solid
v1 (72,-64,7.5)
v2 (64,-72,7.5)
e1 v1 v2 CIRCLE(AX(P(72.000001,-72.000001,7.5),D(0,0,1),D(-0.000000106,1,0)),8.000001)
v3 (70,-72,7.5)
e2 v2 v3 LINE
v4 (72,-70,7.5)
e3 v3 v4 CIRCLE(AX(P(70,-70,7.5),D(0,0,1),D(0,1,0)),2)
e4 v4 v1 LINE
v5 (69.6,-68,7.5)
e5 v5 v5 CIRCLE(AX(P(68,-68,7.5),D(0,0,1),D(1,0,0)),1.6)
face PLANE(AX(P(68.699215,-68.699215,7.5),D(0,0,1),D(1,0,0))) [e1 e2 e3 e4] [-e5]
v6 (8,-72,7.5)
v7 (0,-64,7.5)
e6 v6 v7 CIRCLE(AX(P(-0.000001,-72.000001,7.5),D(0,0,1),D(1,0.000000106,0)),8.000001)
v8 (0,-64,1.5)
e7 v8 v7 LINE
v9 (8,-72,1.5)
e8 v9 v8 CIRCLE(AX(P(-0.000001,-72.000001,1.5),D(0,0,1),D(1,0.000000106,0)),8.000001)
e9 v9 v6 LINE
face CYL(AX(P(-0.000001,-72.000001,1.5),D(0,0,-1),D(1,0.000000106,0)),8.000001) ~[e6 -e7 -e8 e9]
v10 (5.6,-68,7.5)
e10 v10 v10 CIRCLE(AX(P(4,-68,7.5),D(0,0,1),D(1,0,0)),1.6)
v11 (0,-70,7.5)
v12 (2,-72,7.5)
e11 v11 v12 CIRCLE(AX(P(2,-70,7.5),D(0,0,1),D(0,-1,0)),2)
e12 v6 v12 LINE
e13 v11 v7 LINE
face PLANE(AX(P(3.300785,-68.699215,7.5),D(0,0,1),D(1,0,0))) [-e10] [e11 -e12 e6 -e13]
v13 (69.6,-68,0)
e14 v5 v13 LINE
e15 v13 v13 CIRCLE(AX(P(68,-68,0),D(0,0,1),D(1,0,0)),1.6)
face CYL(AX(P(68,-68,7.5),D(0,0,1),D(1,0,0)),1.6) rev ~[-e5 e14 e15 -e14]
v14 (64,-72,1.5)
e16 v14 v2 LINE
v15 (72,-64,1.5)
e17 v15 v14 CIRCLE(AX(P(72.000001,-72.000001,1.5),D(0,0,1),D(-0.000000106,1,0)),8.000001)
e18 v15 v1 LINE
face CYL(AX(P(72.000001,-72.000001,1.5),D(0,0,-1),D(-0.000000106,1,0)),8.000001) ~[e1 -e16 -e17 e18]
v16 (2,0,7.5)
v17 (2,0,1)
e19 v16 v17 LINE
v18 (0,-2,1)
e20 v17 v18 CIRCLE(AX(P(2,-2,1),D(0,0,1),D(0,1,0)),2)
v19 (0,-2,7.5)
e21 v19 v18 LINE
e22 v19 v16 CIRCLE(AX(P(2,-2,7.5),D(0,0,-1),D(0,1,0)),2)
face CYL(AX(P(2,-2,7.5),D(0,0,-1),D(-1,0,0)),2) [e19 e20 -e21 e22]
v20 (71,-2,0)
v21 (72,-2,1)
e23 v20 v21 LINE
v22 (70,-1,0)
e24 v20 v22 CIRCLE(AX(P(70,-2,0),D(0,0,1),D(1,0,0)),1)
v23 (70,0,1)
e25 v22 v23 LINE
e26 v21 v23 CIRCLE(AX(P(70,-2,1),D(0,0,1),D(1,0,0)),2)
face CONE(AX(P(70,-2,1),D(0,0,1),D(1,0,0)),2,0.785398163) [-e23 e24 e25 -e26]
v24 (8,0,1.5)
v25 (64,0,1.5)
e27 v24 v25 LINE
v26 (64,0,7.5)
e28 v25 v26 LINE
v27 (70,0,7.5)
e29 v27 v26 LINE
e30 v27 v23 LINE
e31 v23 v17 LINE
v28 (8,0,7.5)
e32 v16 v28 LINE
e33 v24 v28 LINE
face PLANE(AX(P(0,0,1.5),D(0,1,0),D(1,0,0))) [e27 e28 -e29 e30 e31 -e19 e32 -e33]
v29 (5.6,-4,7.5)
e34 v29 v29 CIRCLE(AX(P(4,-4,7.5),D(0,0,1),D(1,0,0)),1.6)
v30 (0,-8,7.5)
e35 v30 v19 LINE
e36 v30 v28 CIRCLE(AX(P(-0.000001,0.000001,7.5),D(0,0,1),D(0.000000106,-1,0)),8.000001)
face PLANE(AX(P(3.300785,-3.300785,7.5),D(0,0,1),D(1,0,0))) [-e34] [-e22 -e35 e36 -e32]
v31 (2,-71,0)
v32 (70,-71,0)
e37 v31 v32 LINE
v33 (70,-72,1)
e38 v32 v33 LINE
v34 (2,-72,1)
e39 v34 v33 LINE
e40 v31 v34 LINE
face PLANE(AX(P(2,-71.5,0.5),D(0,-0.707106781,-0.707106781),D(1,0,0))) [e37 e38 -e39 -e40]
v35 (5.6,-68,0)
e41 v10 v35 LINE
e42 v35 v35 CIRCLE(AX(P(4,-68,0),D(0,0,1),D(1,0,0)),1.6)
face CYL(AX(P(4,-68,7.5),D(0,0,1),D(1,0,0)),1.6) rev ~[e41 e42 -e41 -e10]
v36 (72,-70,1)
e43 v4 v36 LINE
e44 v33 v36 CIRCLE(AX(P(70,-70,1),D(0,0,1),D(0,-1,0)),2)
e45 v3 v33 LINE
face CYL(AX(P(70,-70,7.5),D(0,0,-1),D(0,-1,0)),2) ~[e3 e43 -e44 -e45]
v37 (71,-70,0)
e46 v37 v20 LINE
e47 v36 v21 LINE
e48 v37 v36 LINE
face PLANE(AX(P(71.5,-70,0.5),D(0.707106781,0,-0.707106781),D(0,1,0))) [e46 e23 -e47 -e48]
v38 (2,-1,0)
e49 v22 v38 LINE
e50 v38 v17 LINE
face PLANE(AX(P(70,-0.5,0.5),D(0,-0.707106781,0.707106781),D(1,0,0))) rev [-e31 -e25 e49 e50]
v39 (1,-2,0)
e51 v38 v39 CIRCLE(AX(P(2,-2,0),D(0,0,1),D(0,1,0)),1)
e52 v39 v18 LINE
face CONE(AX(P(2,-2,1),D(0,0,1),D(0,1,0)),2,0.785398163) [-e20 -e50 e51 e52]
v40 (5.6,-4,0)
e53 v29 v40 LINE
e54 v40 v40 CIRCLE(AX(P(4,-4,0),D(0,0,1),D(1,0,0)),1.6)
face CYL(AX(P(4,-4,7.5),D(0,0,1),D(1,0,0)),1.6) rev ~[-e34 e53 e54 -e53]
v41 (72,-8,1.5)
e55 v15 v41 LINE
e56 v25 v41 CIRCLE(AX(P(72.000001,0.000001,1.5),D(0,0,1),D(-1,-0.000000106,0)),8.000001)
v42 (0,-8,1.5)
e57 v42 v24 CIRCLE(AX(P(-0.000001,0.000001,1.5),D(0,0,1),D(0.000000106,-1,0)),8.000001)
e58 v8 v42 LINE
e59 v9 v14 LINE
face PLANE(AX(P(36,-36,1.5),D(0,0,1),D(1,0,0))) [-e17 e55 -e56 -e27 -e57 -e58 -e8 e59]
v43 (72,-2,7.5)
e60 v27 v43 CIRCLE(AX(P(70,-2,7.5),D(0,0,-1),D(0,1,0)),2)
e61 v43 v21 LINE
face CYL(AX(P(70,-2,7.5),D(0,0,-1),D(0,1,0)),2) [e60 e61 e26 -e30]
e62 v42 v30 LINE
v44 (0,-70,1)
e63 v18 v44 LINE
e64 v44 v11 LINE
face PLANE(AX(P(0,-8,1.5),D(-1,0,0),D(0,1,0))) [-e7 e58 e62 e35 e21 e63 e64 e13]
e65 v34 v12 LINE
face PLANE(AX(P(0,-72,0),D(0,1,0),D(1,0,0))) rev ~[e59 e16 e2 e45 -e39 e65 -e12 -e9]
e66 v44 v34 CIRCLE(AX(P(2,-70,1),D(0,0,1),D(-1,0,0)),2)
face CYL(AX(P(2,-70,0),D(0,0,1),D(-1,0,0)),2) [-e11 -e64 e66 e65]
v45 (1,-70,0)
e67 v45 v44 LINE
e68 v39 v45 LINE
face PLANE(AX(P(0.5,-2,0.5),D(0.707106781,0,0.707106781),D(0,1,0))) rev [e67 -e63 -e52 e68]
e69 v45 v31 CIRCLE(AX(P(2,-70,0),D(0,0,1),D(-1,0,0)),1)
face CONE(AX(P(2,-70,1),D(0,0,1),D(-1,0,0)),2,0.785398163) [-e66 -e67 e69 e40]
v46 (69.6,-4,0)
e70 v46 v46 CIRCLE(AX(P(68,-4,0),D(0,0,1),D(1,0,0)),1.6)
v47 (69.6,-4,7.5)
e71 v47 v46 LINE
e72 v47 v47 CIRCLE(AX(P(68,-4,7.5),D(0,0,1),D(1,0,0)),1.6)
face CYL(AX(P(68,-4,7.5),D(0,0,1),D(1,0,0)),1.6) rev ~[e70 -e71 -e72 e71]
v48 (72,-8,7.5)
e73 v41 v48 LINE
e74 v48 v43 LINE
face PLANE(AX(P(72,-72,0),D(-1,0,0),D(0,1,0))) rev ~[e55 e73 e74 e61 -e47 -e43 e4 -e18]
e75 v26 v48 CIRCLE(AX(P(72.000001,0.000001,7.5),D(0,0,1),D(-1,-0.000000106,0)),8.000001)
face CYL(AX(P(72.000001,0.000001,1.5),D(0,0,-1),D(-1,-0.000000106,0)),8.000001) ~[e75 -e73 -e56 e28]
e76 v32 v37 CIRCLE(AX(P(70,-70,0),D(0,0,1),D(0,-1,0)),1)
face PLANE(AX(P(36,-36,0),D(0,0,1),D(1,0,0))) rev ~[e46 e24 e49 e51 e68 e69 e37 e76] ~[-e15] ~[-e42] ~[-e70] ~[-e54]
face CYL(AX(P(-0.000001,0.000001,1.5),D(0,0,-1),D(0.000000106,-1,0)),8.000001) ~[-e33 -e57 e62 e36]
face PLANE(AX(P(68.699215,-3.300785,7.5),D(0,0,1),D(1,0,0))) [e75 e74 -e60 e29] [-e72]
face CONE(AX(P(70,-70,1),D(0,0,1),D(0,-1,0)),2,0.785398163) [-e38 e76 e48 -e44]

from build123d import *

# Parameters (mm, degrees)
SKETCH_W     = 72
SKETCH_H     = 72
PAD_DEPTH    = 1.5
PAD001_DEPTH = 6
SKETCH002_R  = 1.6
POCKET_DEPTH = 7.501
FILLET_R     = 2
CHAMFER_SIZE = 1


with BuildPart() as part:
    # Sketch → Pad (new body)
    with BuildSketch(Plane.XY):
        with Locations((36, -36)):
            Rectangle(SKETCH_W, SKETCH_H)
    extrude(amount=PAD_DEPTH)

    # Sketch001 (on Face6 of Pad) → Pad001 (join)
    with BuildSketch(Plane.XY.offset(1.5)):
        with BuildLine():
            ThreePointArc((0, -8), (5.656854, -5.656854), (8, 0))
            Line((0, 0), (8, 0))
            Line((0, -8), (0, 0))
        make_face()
        with BuildLine():
            ThreePointArc((8, -72), (5.656854, -66.343146), (0, -64))
            Line((0, -72), (0, -64))
            Line((8, -72), (0, -72))
        make_face()
        with BuildLine():
            ThreePointArc((72, -64), (66.343146, -66.343146), (64, -72))
            Line((64, -72), (72, -72))
            Line((72, -72), (72, -64))
        make_face()
        with BuildLine():
            ThreePointArc((64, 0), (66.343146, -5.656854), (72, -8))
            Line((72, -8), (72, 0))
            Line((72, 0), (64, 0))
        make_face()
    extrude(amount=PAD001_DEPTH)

    # Sketch002 (on Face14 of Pad001) → Pocket (cut, through all)
    with BuildSketch(Plane.XY.offset(7.5)):
        with Locations((4, -4)):
            Circle(SKETCH002_R)
        with Locations((68, -4)):
            Circle(SKETCH002_R)
        with Locations((68, -68)):
            Circle(SKETCH002_R)
        with Locations((4, -68)):
            Circle(SKETCH002_R)
    extrude(amount=-POCKET_DEPTH, mode=Mode.SUBTRACT)

    # Fillet
    fillet_edges = [part.edges().sort_by_distance(p)[0] for p in [
        (0, 0, 4.5),
        (72, 0, 4.5),
        (0, -72, 4.5),
        (72, -72, 4.5),
    ]]
    fillet(fillet_edges, radius=FILLET_R)

    # Chamfer
    chamfer_edges = [part.edges().sort_by_distance(p)[0] for p in [
        (36, -72, 0),
    ]]
    chamfer(chamfer_edges, length=CHAMFER_SIZE)


solid = part.part
